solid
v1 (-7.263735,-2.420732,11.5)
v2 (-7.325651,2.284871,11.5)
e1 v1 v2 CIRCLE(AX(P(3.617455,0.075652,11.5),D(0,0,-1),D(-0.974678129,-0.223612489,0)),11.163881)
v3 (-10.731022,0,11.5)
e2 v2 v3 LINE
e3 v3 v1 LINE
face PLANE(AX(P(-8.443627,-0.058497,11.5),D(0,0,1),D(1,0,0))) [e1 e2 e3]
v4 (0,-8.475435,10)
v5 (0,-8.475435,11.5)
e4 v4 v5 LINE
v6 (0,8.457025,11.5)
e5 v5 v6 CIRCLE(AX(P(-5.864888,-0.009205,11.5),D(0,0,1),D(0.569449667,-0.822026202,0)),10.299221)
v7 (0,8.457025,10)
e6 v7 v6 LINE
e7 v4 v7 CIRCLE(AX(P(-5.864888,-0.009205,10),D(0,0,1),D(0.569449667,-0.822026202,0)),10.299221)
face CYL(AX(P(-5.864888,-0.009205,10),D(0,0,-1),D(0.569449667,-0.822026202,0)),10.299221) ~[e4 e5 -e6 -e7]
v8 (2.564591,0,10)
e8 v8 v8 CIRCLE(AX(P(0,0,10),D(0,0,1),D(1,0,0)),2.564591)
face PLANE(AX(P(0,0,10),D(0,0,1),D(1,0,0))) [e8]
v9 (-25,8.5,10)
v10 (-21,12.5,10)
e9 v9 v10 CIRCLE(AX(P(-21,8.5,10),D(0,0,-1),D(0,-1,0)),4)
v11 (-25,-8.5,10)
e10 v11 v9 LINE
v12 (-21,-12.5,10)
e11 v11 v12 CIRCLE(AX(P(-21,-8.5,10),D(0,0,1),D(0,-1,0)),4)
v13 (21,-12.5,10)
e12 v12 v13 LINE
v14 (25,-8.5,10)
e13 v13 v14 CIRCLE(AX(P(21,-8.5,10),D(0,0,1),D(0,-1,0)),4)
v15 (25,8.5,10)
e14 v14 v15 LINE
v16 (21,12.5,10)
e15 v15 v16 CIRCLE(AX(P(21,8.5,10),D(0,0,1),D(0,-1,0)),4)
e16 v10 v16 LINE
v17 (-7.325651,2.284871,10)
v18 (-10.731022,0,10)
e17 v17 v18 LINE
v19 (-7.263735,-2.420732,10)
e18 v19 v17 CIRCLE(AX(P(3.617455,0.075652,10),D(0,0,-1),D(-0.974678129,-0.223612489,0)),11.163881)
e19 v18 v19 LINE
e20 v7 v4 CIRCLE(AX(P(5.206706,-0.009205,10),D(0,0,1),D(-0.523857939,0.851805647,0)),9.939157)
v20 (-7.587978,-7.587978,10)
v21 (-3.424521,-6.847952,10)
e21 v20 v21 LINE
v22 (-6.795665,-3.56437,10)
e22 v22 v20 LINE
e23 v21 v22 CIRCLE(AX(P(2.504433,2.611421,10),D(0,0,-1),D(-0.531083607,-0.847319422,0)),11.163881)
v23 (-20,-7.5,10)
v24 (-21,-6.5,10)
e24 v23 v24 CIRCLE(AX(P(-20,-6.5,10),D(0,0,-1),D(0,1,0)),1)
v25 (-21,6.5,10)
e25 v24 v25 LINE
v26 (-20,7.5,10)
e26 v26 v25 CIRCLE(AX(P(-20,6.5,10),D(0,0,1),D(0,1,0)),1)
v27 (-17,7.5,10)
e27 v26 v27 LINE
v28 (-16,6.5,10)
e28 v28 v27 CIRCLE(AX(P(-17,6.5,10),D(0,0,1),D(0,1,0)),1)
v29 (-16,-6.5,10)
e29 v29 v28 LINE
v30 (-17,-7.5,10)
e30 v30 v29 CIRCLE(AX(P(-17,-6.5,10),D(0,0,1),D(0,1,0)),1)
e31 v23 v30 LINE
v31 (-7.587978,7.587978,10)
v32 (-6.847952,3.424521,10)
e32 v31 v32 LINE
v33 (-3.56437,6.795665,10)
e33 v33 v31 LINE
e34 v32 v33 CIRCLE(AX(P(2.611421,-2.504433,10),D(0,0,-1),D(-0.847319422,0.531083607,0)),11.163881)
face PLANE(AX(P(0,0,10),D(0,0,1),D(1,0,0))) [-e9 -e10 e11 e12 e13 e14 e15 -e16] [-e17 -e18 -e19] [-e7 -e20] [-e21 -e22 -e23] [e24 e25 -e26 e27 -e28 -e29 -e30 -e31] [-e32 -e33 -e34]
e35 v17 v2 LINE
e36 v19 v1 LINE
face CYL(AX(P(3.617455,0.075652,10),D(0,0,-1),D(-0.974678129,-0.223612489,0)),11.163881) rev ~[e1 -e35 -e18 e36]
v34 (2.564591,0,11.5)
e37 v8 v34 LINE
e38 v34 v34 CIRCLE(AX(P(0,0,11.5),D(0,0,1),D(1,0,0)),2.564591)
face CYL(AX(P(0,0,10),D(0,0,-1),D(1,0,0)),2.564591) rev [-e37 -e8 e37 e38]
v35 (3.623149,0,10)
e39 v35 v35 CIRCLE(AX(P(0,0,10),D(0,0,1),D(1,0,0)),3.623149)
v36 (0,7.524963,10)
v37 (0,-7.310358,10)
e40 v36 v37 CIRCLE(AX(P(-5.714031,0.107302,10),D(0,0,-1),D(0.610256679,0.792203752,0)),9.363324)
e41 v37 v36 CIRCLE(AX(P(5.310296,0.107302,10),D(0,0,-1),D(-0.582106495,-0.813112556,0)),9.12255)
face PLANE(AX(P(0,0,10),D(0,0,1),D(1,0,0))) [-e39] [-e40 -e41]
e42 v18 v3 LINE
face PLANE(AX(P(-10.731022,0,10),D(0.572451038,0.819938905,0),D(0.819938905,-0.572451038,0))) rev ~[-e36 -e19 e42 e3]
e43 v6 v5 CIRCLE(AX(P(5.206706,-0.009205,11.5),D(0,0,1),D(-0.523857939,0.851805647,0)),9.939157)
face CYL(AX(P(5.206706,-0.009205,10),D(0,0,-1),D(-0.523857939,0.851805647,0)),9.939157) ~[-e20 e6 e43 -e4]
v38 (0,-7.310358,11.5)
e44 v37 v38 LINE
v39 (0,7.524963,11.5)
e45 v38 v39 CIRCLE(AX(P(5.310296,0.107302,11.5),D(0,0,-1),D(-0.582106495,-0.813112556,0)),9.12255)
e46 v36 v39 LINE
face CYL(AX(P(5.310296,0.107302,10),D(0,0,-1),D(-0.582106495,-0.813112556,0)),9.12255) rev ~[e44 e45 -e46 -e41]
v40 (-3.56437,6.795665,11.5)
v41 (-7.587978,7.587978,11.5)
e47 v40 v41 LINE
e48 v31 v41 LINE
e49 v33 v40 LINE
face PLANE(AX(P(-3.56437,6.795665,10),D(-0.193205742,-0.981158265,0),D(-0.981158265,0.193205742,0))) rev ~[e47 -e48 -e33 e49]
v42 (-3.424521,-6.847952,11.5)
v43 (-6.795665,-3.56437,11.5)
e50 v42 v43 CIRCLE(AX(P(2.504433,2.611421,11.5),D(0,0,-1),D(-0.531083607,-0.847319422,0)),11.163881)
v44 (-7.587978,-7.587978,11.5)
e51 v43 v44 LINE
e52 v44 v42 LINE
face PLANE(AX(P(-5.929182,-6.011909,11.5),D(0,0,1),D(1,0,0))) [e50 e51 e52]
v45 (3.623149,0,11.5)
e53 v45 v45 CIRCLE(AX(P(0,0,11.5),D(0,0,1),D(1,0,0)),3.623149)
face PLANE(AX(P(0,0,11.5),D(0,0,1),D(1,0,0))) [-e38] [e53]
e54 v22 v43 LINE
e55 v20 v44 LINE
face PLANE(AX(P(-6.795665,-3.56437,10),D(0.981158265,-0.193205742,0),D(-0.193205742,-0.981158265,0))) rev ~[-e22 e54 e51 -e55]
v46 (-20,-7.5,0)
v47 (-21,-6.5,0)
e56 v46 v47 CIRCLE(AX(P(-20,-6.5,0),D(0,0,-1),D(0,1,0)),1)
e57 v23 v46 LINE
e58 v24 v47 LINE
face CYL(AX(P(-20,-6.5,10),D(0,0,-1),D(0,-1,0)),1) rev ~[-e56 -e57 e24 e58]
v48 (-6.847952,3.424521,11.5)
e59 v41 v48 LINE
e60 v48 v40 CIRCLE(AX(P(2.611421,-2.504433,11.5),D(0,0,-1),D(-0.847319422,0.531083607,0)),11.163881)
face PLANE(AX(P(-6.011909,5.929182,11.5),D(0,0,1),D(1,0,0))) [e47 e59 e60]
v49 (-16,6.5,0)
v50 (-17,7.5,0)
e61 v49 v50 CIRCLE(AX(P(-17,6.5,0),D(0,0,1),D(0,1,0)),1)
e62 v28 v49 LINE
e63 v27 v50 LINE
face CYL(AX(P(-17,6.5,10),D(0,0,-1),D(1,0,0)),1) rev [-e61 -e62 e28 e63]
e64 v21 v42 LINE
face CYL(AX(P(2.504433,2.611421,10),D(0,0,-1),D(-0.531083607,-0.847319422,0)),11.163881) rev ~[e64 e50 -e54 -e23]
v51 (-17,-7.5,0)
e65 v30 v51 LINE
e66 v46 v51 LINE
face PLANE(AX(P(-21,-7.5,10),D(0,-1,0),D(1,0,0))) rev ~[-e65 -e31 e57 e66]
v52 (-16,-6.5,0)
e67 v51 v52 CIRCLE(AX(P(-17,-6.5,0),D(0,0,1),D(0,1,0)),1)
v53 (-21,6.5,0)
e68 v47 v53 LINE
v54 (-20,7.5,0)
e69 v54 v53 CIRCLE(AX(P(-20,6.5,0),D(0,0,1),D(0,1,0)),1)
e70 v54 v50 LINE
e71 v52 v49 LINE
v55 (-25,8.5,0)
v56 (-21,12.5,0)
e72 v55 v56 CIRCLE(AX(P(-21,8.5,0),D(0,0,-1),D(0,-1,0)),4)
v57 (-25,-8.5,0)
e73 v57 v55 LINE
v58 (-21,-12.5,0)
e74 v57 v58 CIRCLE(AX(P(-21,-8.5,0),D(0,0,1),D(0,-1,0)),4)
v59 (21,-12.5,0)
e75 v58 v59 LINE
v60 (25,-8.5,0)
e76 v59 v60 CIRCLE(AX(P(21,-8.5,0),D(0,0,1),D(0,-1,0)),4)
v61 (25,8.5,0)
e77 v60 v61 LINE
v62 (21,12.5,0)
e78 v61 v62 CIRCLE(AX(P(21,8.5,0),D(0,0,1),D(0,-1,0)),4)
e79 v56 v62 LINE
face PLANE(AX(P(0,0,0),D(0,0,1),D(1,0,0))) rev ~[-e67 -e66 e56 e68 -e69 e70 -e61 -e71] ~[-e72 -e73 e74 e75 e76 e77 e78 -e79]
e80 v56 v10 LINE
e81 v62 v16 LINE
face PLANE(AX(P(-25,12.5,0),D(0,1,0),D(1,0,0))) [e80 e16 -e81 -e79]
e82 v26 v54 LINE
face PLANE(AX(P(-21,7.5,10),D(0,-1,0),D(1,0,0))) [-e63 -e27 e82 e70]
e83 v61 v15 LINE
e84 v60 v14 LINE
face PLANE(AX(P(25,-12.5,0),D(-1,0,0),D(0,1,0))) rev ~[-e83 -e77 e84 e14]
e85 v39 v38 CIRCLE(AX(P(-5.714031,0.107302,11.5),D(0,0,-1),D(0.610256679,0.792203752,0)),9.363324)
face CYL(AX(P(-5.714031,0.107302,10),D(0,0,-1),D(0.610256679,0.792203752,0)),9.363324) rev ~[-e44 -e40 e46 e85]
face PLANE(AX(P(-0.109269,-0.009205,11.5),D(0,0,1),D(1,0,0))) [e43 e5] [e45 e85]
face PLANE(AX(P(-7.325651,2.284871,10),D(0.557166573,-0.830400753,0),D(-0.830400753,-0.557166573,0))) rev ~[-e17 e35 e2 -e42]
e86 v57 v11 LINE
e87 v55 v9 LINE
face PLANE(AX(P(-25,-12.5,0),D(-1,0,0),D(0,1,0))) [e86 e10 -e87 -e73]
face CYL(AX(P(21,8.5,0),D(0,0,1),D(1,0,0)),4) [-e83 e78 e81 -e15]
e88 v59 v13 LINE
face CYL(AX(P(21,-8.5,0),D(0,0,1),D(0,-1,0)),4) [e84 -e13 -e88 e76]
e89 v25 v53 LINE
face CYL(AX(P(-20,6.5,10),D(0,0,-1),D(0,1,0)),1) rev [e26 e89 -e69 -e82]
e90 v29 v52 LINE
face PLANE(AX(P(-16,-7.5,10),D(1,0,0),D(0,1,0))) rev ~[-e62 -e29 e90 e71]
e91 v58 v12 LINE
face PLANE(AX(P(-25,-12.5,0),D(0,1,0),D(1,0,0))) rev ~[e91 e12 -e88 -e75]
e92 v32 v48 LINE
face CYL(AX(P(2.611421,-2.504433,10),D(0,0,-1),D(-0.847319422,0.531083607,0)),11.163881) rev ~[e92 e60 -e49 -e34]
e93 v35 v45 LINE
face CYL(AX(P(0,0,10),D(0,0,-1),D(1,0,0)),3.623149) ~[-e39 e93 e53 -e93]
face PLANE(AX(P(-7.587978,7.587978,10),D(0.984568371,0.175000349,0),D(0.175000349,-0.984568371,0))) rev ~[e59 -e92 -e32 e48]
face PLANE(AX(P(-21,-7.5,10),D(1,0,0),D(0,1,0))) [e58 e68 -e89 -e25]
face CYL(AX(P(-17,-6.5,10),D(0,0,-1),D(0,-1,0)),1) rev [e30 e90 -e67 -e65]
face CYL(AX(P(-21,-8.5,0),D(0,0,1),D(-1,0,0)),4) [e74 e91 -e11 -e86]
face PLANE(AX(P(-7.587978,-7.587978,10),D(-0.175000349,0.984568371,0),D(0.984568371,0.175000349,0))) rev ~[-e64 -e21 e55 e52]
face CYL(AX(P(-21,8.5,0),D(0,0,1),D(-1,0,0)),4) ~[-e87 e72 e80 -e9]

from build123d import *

# Parameters (mm, degrees)
F0_W     = 50
F0_H     = 25
F1_DEPTH = 10
F2_R     = 4
F3_W     = 5
F3_H     = 15
F4_DEPTH = 25
F5_R     = 1
F6_R     = 3.6231488333
F6_R_2   = 2.5645914907
F7_DEPTH = 1.5


with BuildPart() as f1:
    # F0 (on Top) → F1 (new body)
    with BuildSketch(Plane.XY):
        Rectangle(F0_W, F0_H)
    extrude(amount=F1_DEPTH)

    # F2
    f2_edges = [f1.edges().sort_by_distance(p)[0] for p in [
        (-25, -12.5, 5),
        (25, -12.5, 5),
        (25, 12.5, 5),
        (-25, 12.5, 5),
    ]]
    fillet(f2_edges, radius=F2_R)

    # F3 (on face) → F4 (cut)
    with BuildSketch(Plane.XY.offset(10)):
        with Locations((-18.5, 0)):
            Rectangle(F3_W, F3_H)
    extrude(amount=-F4_DEPTH, mode=Mode.SUBTRACT)

    # F5
    f5_edges = [f1.edges().sort_by_distance(p)[0] for p in [
        (-21, 7.5, 5),
        (-21, -7.5, 5),
        (-16, 7.5, 5),
        (-16, -7.5, 5),
    ]]
    fillet(f5_edges, radius=F5_R)

    # F6 (on face) → F7 (join)
    with BuildSketch(Plane.XY.offset(10)):
        with BuildLine():
            ThreePointArc((0, -8.4754349664), (4.4343331639, -0.0092051923), (0, 8.4570245817))
            ThreePointArc((0, 8.4570245817), (-4.7324505421, -0.0092051923), (0, -8.4754349664))
        make_face()
        with BuildLine():
            ThreePointArc((0, -7.3103578761), (-3.8122546037, 0.107302476), (0, 7.524962828))
            ThreePointArc((0, 7.524962828), (3.6492929607, 0.107302476), (0, -7.3103578761))
        make_face(mode=Mode.SUBTRACT)
        Circle(F6_R)
        Circle(F6_R_2, mode=Mode.SUBTRACT)
        with BuildLine():
            Line((-7.5879783359, -7.5879783359), (-3.4245205097, -6.8479519513))
            ThreePointArc((-3.4245205097, -6.8479519513), (-5.2850781661, -5.385812279), (-6.795665493, -3.5643696799))
            Line((-6.795665493, -3.5643696799), (-7.5879783359, -7.5879783359))
        make_face()
        with BuildLine():
            ThreePointArc((-7.2637349367, -2.4207315873), (-7.545458995, -0.0712297744), (-7.3256511241, 2.2848711815))
            Line((-7.3256511241, 2.2848711815), (-10.7310218737, 0))
            Line((-10.7310218737, 0), (-7.2637349367, -2.4207315873))
        make_face()
        with BuildLine():
            Line((-3.5643696799, 6.795665493), (-7.5879783359, 7.5879783359))
            Line((-7.5879783359, 7.5879783359), (-6.8479519513, 3.4245205097))
            ThreePointArc((-6.8479519513, 3.4245205097), (-5.385812279, 5.2850781661), (-3.5643696799, 6.795665493))
        make_face()
    extrude(amount=F7_DEPTH)


solid = f1.part
